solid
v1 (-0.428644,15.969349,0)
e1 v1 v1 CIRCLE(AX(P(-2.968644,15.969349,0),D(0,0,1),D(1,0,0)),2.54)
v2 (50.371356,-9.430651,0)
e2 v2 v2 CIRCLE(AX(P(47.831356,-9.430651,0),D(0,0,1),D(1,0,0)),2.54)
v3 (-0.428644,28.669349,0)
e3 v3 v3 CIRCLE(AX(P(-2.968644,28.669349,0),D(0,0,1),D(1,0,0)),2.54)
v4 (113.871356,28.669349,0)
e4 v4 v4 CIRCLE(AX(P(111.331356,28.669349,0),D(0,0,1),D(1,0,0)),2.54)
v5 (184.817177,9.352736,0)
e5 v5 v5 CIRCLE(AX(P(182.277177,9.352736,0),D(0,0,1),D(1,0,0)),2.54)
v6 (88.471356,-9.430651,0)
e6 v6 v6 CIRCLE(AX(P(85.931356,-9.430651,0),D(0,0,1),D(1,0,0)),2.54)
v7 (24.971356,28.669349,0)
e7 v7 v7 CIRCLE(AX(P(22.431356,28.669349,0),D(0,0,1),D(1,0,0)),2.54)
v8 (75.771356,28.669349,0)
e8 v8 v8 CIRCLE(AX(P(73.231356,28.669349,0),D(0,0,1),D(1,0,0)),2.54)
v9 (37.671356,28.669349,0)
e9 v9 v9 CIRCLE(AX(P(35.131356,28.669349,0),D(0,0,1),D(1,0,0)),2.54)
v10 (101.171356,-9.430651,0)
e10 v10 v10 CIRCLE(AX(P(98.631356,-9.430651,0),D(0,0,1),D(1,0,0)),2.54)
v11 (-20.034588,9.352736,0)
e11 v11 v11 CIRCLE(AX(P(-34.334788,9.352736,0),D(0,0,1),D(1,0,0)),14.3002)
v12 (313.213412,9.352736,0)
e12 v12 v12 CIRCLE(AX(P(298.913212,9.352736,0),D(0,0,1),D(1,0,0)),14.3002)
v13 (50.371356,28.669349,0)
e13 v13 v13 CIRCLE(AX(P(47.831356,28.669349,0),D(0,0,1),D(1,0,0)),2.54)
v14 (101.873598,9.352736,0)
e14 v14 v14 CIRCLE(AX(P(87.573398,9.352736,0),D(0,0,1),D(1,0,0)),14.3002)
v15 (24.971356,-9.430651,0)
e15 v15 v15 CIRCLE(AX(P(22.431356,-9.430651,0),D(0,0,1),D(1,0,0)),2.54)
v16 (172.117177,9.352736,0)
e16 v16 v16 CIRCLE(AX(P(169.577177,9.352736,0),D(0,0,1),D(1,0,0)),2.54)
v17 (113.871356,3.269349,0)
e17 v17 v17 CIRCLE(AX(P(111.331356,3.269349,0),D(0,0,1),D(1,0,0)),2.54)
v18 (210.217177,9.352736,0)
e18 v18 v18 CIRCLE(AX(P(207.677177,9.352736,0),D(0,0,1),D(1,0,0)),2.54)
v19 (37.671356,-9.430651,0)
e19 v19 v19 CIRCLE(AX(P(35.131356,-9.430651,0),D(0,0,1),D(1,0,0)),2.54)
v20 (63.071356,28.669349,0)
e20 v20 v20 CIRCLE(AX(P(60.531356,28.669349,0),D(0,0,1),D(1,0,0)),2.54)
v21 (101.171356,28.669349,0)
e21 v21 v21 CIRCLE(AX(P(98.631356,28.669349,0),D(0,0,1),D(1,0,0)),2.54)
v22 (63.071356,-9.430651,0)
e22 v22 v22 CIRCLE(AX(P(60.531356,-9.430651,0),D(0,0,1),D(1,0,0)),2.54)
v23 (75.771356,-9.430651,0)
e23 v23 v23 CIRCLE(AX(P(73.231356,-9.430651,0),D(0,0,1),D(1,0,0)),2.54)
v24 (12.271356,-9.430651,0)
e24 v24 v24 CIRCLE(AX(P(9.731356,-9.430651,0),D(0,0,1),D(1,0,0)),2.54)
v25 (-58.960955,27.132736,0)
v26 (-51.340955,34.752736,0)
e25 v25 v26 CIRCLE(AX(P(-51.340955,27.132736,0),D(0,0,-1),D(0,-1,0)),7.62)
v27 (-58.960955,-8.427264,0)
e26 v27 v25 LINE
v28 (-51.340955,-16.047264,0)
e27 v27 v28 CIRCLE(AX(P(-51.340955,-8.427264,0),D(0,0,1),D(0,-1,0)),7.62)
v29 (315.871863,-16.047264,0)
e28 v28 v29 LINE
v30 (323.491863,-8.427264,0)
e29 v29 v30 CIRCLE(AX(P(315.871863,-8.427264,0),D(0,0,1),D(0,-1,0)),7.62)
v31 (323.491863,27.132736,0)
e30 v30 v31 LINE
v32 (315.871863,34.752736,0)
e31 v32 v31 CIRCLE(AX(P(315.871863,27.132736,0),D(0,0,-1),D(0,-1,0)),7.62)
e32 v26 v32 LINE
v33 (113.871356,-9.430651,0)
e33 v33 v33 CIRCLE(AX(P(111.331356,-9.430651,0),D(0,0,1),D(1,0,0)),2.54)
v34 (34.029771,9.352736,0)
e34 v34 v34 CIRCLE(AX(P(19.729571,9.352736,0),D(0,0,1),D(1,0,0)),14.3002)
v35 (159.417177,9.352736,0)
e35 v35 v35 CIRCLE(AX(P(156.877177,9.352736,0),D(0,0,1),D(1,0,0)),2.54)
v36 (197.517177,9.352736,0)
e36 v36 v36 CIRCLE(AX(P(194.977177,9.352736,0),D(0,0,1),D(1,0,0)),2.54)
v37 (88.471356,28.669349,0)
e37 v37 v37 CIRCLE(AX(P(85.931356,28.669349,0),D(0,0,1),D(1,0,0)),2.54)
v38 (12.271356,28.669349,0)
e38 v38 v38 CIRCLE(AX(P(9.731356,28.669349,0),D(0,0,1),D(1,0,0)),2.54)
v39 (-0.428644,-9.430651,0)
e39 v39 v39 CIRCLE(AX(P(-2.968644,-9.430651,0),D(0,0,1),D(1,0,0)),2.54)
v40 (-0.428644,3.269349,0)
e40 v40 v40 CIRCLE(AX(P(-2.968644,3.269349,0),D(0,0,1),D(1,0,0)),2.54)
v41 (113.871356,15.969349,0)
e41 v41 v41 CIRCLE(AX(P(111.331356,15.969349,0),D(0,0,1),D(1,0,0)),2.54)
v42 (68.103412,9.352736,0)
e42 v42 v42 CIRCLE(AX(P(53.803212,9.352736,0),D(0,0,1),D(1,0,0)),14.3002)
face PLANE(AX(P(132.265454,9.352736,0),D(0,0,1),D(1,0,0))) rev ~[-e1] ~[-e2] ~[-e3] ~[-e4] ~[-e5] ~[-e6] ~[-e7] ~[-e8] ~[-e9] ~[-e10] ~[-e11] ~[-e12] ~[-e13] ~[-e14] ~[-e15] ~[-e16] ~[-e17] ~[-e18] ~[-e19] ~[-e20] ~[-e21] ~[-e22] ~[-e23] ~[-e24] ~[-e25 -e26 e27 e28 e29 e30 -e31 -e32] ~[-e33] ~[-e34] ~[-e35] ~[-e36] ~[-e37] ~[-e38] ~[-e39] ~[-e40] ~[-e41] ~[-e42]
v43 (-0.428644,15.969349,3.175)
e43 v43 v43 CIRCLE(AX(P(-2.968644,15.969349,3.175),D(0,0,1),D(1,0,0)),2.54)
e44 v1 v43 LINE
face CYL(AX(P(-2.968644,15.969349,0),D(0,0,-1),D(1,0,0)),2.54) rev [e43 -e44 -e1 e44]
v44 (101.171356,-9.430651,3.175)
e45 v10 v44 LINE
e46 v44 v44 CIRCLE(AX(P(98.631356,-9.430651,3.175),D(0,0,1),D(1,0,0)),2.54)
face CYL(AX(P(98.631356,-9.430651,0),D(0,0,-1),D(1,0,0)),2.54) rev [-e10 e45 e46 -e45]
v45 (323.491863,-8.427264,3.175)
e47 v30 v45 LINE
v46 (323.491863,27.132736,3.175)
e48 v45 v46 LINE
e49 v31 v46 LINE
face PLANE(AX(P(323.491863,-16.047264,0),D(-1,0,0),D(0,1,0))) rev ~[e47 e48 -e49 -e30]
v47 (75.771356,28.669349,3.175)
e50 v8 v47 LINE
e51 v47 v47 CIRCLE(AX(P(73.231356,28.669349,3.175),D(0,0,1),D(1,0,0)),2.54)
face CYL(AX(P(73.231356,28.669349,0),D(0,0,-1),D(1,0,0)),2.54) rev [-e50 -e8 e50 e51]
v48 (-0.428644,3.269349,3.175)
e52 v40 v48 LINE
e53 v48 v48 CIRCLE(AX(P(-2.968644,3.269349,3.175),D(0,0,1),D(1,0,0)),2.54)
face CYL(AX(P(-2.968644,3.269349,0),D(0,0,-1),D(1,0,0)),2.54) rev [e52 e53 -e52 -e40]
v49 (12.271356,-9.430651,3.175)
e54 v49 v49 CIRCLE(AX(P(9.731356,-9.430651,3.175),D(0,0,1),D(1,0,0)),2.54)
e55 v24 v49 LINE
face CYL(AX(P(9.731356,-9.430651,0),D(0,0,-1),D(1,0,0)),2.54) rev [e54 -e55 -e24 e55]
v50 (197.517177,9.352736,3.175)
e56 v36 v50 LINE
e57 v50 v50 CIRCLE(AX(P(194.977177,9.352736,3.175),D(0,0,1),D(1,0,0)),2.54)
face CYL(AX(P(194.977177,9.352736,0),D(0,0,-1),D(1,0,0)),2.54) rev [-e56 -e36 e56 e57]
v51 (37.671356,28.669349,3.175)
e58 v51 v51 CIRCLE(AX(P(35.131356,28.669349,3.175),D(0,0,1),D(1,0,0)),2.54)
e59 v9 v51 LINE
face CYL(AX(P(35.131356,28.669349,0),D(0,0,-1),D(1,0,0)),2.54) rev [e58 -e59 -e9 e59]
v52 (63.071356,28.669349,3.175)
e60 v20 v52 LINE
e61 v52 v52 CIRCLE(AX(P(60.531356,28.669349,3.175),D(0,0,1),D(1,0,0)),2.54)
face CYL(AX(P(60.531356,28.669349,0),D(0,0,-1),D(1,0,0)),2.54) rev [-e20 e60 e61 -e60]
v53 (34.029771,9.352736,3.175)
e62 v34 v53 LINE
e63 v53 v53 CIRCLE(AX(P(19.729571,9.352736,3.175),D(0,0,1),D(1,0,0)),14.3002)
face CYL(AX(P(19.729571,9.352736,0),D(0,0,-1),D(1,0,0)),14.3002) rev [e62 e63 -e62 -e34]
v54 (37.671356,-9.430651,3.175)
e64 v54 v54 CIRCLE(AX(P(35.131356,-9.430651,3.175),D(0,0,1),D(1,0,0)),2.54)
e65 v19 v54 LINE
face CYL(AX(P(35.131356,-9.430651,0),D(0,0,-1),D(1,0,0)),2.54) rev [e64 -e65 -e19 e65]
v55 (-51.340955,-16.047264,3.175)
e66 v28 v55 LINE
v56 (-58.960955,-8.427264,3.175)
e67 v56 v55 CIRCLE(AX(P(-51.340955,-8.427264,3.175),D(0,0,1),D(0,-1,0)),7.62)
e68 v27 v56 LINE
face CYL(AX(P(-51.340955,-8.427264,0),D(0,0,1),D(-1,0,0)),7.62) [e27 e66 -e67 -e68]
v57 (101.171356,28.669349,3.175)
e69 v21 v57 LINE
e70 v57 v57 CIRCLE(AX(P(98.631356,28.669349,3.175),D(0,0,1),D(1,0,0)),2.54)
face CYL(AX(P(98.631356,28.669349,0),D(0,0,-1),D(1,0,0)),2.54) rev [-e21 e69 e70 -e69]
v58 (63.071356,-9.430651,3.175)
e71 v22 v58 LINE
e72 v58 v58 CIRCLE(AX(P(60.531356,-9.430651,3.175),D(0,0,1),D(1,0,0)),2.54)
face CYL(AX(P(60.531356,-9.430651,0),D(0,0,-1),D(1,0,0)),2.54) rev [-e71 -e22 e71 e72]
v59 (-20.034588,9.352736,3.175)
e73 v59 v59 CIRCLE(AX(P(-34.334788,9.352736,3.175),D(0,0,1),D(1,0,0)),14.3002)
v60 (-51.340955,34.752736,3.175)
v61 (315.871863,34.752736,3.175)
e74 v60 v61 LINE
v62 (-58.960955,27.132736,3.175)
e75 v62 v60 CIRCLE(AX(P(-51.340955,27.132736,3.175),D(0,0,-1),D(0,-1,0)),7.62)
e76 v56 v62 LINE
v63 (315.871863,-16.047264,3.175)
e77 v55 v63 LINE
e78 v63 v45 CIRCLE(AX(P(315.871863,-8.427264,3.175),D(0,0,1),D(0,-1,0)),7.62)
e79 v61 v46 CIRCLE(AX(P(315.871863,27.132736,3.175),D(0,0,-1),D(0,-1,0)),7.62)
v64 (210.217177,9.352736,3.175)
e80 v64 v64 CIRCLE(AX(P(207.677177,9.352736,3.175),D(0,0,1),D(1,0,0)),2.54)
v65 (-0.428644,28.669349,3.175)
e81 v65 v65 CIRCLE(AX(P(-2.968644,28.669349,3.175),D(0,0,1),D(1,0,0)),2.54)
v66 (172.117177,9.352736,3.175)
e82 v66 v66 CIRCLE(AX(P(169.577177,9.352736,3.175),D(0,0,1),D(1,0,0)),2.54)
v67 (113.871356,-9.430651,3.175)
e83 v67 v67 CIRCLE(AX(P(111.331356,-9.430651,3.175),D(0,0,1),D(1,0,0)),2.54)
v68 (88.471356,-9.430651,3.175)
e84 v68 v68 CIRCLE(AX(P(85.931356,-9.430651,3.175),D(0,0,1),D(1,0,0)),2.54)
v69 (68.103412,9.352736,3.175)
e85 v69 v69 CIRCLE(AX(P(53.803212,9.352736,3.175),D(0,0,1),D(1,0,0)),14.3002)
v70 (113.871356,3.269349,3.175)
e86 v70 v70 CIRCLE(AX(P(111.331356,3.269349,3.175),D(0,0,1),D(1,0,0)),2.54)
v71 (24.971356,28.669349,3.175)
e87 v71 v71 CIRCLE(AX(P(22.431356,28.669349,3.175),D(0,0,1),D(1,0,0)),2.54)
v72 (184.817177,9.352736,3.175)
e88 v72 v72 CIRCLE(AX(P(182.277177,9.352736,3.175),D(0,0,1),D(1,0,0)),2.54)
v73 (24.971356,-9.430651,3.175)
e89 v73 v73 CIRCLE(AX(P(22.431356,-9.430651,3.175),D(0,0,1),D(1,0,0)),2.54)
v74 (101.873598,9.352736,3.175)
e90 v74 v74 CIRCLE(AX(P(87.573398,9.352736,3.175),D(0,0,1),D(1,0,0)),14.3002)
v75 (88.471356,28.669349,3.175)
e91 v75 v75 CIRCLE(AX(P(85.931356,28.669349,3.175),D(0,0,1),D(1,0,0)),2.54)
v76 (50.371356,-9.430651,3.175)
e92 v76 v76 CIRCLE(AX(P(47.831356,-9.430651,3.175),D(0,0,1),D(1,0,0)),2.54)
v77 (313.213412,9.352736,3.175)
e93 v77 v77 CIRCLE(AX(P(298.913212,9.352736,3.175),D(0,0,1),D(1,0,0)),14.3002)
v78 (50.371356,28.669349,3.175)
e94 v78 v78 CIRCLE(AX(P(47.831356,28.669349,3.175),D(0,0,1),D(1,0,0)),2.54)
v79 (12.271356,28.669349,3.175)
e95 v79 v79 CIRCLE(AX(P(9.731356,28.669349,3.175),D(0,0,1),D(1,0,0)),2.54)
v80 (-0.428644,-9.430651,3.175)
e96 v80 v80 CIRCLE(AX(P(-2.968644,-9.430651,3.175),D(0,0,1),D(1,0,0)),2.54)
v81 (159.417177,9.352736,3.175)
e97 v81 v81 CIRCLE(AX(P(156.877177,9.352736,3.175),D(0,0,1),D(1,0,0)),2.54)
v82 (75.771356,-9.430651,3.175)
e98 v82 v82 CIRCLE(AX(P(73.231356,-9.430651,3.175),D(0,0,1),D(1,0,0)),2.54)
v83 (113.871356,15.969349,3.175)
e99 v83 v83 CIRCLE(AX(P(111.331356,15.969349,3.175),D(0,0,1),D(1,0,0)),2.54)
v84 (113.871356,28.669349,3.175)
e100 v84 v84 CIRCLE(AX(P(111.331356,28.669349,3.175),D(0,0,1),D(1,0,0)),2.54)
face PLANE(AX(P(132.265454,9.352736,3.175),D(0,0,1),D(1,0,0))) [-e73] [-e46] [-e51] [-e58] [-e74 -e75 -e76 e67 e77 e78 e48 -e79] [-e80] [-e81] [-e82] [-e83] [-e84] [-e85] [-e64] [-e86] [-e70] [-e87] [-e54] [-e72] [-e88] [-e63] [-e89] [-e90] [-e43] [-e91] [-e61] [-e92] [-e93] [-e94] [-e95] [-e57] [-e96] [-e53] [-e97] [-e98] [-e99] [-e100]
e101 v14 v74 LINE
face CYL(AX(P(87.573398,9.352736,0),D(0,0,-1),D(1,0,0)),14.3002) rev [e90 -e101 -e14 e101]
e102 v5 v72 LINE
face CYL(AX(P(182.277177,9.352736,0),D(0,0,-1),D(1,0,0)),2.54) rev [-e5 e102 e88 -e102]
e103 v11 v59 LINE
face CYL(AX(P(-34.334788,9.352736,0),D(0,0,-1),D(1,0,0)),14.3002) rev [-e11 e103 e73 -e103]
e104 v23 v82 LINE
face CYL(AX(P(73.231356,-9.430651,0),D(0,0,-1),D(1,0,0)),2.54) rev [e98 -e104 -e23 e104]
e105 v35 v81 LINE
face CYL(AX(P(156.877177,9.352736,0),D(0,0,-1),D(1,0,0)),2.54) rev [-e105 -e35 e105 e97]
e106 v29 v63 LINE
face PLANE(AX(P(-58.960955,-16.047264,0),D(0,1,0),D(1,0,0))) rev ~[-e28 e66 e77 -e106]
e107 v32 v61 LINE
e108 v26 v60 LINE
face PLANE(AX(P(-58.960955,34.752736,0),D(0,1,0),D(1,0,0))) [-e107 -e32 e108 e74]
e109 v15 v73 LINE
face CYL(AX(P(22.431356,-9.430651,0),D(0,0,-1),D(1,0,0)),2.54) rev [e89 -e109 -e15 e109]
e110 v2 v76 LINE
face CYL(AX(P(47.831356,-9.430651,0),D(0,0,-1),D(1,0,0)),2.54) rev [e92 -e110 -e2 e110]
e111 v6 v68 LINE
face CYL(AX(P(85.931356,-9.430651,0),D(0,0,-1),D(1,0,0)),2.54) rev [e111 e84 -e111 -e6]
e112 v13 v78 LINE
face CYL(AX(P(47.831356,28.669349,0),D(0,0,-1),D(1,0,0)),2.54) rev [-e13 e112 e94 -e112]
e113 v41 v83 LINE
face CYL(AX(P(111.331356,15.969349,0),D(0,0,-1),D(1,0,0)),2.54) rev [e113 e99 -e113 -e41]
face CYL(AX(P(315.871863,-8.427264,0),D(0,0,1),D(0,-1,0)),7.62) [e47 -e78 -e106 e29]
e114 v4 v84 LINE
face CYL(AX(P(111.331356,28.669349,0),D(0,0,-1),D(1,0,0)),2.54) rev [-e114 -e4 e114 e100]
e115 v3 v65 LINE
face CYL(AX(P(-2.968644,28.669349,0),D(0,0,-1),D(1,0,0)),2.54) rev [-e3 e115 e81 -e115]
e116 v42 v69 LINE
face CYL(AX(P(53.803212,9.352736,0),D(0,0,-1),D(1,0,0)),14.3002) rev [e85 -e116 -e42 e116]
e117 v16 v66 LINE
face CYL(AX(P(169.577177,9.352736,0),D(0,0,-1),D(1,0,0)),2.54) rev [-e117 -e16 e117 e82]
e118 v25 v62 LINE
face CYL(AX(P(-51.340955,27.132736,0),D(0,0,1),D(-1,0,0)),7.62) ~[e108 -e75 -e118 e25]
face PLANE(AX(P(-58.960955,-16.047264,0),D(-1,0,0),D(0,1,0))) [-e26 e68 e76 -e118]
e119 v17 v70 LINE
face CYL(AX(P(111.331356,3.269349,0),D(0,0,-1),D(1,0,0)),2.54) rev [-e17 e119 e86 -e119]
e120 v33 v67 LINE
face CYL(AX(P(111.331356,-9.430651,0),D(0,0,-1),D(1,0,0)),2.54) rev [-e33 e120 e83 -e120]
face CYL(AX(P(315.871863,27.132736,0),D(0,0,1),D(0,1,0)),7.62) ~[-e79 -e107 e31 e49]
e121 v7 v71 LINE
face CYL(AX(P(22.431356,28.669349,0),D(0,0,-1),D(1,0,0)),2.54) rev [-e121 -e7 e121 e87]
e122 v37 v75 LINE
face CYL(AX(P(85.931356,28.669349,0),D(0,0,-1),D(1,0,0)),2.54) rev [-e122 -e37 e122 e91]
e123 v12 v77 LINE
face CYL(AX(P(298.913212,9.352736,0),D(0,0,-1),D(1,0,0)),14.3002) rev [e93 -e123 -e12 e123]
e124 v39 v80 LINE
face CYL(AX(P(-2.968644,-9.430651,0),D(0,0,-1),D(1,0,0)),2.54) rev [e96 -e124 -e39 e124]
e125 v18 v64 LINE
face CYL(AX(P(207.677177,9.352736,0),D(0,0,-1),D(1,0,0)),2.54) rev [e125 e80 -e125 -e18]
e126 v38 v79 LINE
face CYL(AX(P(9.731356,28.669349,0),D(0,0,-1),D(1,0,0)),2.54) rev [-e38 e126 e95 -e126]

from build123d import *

# Parameters (mm, degrees)
SKETCH1_W           = 382.452818204
SKETCH1_H           = 50.8
SKETCH1_R           = 14.3002
SKETCH1_R_2         = 2.54
BOSS_EXTRUDE1_DEPTH = 3.175
FILLET1_R           = 7.62


with BuildPart() as part:
    # Sketch1 → Boss-Extrude1 (new body)
    with BuildSketch(Plane.XY):
        with Locations((132.2654537, 9.352736133)):
            Rectangle(SKETCH1_W, SKETCH1_H)
        with Locations((-34.334788468, 9.352736133)):
            Circle(SKETCH1_R, mode=Mode.SUBTRACT)
        with Locations((298.913211532, 9.352736133)):
            Circle(SKETCH1_R, mode=Mode.SUBTRACT)
        with Locations((53.803211532, 9.352736133)):
            Circle(SKETCH1_R, mode=Mode.SUBTRACT)
        with Locations((87.573397818, 9.352736133)):
            Circle(SKETCH1_R, mode=Mode.SUBTRACT)
        with Locations((19.729570927, 9.352736133)):
            Circle(SKETCH1_R, mode=Mode.SUBTRACT)
        with Locations((156.877176863, 9.352736133)):
            Circle(SKETCH1_R_2, mode=Mode.SUBTRACT)
        with Locations((169.577176863, 9.352736133)):
            Circle(SKETCH1_R_2, mode=Mode.SUBTRACT)
        with Locations((182.277176863, 9.352736133)):
            Circle(SKETCH1_R_2, mode=Mode.SUBTRACT)
        with Locations((194.977176863, 9.352736133)):
            Circle(SKETCH1_R_2, mode=Mode.SUBTRACT)
        with Locations((207.677176863, 9.352736133)):
            Circle(SKETCH1_R_2, mode=Mode.SUBTRACT)
        with Locations((-2.968643943, 28.669348732)):
            Circle(SKETCH1_R_2, mode=Mode.SUBTRACT)
        with Locations((9.731356057, 28.669348732)):
            Circle(SKETCH1_R_2, mode=Mode.SUBTRACT)
        with Locations((22.431356057, 28.669348732)):
            Circle(SKETCH1_R_2, mode=Mode.SUBTRACT)
        with Locations((35.131356057, 28.669348732)):
            Circle(SKETCH1_R_2, mode=Mode.SUBTRACT)
        with Locations((47.831356057, 28.669348732)):
            Circle(SKETCH1_R_2, mode=Mode.SUBTRACT)
        with Locations((60.531356057, 28.669348732)):
            Circle(SKETCH1_R_2, mode=Mode.SUBTRACT)
        with Locations((73.231356057, 28.669348732)):
            Circle(SKETCH1_R_2, mode=Mode.SUBTRACT)
        with Locations((85.931356057, 28.669348732)):
            Circle(SKETCH1_R_2, mode=Mode.SUBTRACT)
        with Locations((98.631356057, 28.669348732)):
            Circle(SKETCH1_R_2, mode=Mode.SUBTRACT)
        with Locations((111.331356057, 28.669348732)):
            Circle(SKETCH1_R_2, mode=Mode.SUBTRACT)
        with Locations((111.331356057, 15.969348732)):
            Circle(SKETCH1_R_2, mode=Mode.SUBTRACT)
        with Locations((111.331356057, 3.269348732)):
            Circle(SKETCH1_R_2, mode=Mode.SUBTRACT)
        with Locations((9.731356057, -9.430651268)):
            Circle(SKETCH1_R_2, mode=Mode.SUBTRACT)
        with Locations((22.431356057, -9.430651268)):
            Circle(SKETCH1_R_2, mode=Mode.SUBTRACT)
        with Locations((35.131356057, -9.430651268)):
            Circle(SKETCH1_R_2, mode=Mode.SUBTRACT)
        with Locations((47.831356057, -9.430651268)):
            Circle(SKETCH1_R_2, mode=Mode.SUBTRACT)
        with Locations((60.531356057, -9.430651268)):
            Circle(SKETCH1_R_2, mode=Mode.SUBTRACT)
        with Locations((73.231356057, -9.430651268)):
            Circle(SKETCH1_R_2, mode=Mode.SUBTRACT)
        with Locations((85.931356057, -9.430651268)):
            Circle(SKETCH1_R_2, mode=Mode.SUBTRACT)
        with Locations((98.631356057, -9.430651268)):
            Circle(SKETCH1_R_2, mode=Mode.SUBTRACT)
        with Locations((111.331356057, -9.430651268)):
            Circle(SKETCH1_R_2, mode=Mode.SUBTRACT)
        with Locations((-2.968643943, 15.969348732)):
            Circle(SKETCH1_R_2, mode=Mode.SUBTRACT)
        with Locations((-2.968643943, 3.269348732)):
            Circle(SKETCH1_R_2, mode=Mode.SUBTRACT)
        with Locations((-2.968643943, -9.430651268)):
            Circle(SKETCH1_R_2, mode=Mode.SUBTRACT)
    extrude(amount=BOSS_EXTRUDE1_DEPTH)

    # Fillet1
    fillet1_edges = [part.edges().sort_by_distance(p)[0] for p in [
        (-58.960955402, 34.752736133, 1.5875),
        (323.491862802, 34.752736133, 1.5875),
        (323.491862802, -16.047263867, 1.5875),
        (-58.960955402, -16.047263867, 1.5875),
    ]]
    fillet(fillet1_edges, radius=FILLET1_R)


solid = part.part
